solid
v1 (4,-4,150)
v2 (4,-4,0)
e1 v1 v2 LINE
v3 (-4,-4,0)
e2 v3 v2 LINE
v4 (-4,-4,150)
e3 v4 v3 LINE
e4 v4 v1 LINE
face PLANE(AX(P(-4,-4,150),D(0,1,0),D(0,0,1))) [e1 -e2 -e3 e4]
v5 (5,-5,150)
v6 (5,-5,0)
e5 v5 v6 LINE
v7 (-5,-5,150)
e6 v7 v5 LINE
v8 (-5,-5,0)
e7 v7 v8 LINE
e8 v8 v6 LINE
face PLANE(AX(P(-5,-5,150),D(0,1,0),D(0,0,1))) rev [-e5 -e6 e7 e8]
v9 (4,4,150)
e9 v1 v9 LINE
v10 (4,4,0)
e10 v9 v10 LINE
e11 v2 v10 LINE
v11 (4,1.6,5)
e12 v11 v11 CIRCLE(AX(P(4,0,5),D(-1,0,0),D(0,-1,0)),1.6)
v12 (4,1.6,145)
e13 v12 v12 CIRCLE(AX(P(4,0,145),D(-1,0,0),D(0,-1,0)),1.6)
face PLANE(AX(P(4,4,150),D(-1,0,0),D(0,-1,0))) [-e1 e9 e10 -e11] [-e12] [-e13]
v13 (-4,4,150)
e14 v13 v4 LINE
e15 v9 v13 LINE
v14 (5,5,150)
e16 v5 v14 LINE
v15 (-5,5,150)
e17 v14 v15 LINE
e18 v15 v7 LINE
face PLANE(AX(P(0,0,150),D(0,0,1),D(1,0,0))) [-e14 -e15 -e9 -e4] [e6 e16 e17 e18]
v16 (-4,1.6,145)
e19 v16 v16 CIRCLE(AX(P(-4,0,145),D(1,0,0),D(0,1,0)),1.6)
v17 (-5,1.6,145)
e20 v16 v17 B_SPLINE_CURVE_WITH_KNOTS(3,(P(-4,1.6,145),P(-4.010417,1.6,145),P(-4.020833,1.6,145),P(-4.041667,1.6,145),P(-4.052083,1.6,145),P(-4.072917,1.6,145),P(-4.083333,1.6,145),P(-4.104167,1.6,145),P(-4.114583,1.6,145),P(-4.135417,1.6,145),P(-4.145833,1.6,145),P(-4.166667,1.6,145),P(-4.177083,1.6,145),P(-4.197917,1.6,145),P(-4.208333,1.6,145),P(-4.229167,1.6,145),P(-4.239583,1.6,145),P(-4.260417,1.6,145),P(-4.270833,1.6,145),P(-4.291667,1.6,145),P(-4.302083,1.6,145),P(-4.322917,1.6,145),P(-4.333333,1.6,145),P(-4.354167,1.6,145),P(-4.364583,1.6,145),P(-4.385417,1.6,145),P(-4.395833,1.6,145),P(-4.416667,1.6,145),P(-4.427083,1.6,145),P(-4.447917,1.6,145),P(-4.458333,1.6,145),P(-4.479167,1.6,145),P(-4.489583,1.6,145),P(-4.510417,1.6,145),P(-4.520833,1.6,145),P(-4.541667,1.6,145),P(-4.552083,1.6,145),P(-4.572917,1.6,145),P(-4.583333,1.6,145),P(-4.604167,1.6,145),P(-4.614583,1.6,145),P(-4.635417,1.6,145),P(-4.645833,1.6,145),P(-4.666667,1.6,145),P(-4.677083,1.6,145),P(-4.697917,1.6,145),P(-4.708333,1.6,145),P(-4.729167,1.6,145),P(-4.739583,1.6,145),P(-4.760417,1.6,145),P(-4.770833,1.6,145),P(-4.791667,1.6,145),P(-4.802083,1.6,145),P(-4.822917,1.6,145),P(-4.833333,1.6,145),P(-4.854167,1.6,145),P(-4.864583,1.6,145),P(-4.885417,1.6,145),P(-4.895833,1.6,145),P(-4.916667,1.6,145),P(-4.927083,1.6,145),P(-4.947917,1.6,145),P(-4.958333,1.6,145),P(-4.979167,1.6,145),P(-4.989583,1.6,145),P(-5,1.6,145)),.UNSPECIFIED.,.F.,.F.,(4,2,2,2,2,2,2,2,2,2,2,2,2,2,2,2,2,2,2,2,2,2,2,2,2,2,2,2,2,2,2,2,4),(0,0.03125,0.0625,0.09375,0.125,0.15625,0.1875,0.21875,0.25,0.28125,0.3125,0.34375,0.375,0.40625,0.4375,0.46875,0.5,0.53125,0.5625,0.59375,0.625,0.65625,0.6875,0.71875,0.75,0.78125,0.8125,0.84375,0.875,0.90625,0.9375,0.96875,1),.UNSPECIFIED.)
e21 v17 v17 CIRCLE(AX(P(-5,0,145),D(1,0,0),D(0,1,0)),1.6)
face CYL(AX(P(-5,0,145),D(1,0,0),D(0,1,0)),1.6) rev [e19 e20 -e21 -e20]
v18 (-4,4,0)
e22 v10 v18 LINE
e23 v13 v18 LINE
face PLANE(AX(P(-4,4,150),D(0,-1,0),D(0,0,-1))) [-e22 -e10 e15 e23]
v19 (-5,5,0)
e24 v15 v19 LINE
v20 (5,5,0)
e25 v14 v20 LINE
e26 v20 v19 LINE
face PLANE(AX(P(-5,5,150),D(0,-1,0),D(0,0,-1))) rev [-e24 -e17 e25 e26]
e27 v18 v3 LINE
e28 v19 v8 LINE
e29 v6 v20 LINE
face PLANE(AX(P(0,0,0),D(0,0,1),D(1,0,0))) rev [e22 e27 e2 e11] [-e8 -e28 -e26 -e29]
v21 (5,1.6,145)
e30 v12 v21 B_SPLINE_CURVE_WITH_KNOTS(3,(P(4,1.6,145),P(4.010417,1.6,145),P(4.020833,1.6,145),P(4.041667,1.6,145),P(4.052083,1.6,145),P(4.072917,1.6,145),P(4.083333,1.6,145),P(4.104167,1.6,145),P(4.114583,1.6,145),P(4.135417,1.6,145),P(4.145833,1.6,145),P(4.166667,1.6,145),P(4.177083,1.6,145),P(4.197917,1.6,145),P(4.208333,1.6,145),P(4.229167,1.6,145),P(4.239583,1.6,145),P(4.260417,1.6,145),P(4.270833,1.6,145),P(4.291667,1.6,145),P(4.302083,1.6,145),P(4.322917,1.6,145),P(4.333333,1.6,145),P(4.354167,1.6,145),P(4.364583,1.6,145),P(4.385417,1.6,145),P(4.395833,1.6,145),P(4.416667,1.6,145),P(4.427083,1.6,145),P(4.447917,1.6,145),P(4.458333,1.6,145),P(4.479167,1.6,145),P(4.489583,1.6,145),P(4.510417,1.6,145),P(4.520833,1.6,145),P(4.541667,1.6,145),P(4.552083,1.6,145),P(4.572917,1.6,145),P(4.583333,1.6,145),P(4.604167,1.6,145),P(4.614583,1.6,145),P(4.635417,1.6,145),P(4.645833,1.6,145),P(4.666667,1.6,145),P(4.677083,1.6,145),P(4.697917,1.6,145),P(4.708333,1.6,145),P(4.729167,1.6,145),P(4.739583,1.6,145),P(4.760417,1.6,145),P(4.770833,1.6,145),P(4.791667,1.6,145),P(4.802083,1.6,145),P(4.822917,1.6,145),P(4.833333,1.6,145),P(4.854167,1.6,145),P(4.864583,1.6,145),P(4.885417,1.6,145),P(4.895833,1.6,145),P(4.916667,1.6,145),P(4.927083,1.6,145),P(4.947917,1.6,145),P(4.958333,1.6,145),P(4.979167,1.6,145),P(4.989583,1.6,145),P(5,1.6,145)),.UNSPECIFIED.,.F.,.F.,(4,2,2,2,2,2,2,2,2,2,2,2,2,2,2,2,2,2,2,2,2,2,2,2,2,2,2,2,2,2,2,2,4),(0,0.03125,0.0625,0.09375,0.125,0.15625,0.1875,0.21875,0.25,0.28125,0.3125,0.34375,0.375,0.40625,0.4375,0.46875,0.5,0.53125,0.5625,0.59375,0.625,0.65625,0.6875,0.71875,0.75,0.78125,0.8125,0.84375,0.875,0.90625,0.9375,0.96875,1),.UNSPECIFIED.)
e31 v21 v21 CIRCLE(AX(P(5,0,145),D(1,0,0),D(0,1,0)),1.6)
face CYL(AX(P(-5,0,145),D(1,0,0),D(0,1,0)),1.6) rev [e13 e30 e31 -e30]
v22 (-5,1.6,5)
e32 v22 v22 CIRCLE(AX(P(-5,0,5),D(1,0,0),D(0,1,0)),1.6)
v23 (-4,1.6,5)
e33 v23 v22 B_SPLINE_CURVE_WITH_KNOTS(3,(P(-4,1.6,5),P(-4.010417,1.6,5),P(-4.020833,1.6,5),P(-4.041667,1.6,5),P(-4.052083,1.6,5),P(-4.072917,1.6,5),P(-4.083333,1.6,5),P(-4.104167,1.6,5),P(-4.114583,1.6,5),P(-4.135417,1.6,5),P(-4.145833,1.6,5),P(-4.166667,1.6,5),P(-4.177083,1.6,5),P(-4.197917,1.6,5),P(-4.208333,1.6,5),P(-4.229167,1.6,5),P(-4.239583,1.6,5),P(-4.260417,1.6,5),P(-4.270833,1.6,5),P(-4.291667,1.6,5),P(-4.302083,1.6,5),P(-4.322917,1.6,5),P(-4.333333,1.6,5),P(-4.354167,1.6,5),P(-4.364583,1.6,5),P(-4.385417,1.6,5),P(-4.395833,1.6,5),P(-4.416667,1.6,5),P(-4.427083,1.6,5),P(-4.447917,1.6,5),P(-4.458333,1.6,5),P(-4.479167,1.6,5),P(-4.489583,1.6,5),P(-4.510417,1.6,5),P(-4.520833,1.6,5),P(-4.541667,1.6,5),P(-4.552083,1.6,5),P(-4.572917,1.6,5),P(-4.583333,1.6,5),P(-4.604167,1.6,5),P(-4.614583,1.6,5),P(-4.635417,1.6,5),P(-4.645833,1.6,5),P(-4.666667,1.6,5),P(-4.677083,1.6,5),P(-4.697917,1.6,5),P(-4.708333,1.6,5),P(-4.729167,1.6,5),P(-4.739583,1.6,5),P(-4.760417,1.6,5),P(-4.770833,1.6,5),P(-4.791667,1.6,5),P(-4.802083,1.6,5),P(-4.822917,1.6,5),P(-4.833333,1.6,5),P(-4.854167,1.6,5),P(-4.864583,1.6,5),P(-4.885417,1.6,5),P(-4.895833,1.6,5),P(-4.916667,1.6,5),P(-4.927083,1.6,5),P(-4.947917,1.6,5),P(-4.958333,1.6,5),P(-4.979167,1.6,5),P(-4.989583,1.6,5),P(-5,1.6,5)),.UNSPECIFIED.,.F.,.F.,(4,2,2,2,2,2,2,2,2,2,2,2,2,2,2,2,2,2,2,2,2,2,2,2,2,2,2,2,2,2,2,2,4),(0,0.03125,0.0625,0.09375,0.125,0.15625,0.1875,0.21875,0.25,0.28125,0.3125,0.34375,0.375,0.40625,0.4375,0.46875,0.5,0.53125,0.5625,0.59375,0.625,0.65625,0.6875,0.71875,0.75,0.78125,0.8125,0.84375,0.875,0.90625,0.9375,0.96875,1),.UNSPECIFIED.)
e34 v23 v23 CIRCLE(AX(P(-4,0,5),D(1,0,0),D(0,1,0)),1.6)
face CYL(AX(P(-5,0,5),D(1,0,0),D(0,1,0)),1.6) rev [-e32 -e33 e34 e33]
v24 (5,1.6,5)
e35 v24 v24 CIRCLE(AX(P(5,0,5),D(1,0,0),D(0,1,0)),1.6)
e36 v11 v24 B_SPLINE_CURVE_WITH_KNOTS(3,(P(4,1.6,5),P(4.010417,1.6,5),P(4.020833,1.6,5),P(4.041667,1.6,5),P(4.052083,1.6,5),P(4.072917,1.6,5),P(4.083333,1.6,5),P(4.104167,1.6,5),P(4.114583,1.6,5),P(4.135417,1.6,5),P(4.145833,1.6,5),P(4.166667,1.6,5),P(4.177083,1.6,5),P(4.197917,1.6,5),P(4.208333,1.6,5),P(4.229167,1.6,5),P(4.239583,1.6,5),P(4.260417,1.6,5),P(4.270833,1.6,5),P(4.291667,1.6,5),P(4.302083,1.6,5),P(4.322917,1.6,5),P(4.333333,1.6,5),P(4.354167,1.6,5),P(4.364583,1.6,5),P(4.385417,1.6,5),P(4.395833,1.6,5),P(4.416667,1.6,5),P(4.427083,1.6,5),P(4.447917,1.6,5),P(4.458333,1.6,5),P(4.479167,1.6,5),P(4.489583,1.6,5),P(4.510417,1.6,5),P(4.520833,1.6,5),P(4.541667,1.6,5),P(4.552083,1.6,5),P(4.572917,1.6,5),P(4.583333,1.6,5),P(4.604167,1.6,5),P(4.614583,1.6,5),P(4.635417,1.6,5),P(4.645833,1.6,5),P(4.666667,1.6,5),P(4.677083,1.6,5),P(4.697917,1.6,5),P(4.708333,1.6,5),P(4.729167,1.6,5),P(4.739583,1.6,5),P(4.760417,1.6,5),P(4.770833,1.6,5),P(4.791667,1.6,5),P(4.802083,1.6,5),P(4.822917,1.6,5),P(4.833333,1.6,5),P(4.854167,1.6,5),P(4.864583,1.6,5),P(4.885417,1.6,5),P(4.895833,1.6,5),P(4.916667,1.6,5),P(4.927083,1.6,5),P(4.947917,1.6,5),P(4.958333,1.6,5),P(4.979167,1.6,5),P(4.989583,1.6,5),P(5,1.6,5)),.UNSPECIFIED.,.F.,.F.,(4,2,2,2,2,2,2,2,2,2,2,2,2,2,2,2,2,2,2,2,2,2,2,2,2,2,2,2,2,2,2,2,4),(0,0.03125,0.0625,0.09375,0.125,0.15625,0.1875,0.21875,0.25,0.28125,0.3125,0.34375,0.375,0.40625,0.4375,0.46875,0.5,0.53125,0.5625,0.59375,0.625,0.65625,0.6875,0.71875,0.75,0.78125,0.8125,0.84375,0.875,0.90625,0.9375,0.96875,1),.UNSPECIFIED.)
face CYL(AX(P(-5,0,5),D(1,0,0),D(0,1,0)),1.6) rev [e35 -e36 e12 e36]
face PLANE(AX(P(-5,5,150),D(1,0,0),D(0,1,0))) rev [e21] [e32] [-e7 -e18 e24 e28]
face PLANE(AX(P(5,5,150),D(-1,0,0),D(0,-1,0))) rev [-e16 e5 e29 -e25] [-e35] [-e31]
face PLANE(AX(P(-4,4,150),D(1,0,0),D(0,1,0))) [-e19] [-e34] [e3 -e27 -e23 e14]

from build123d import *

# Parameters (mm, degrees)
SKETCH_1_W          = 10
SKETCH_1_H          = 10
SKETCH_1_W_2        = 8
SKETCH_1_H_2        = 8
EXTRUDE_1_DEPTH     = 150
SKETCH_2_R          = 1.6
CUT_EXTRUDE_1_DEPTH = 151.416089565


with BuildPart() as part:
    # ｽｹｯﾁ1 → ﾎﾞｽ - 押し出し1 (new body)
    with BuildSketch(Plane.XY):
        Rectangle(SKETCH_1_W, SKETCH_1_H)
        Rectangle(SKETCH_1_W_2, SKETCH_1_H_2, mode=Mode.SUBTRACT)
    extrude(amount=EXTRUDE_1_DEPTH)

    # ｽｹｯﾁ2 → ｶｯﾄ - 押し出し1 (cut, through all)
    with BuildSketch(Plane(origin=(5, 0, 0), x_dir=(0, 0, -1), z_dir=(1, 0, 0))):
        with Locations(Location((-145, 0, 0), (0, 0, 90))):
            Circle(SKETCH_2_R)
        with Locations(Location((-5, 0, 0), (0, 0, 90))):
            Circle(SKETCH_2_R)
    extrude(amount=-CUT_EXTRUDE_1_DEPTH, mode=Mode.SUBTRACT)


solid = part.part
